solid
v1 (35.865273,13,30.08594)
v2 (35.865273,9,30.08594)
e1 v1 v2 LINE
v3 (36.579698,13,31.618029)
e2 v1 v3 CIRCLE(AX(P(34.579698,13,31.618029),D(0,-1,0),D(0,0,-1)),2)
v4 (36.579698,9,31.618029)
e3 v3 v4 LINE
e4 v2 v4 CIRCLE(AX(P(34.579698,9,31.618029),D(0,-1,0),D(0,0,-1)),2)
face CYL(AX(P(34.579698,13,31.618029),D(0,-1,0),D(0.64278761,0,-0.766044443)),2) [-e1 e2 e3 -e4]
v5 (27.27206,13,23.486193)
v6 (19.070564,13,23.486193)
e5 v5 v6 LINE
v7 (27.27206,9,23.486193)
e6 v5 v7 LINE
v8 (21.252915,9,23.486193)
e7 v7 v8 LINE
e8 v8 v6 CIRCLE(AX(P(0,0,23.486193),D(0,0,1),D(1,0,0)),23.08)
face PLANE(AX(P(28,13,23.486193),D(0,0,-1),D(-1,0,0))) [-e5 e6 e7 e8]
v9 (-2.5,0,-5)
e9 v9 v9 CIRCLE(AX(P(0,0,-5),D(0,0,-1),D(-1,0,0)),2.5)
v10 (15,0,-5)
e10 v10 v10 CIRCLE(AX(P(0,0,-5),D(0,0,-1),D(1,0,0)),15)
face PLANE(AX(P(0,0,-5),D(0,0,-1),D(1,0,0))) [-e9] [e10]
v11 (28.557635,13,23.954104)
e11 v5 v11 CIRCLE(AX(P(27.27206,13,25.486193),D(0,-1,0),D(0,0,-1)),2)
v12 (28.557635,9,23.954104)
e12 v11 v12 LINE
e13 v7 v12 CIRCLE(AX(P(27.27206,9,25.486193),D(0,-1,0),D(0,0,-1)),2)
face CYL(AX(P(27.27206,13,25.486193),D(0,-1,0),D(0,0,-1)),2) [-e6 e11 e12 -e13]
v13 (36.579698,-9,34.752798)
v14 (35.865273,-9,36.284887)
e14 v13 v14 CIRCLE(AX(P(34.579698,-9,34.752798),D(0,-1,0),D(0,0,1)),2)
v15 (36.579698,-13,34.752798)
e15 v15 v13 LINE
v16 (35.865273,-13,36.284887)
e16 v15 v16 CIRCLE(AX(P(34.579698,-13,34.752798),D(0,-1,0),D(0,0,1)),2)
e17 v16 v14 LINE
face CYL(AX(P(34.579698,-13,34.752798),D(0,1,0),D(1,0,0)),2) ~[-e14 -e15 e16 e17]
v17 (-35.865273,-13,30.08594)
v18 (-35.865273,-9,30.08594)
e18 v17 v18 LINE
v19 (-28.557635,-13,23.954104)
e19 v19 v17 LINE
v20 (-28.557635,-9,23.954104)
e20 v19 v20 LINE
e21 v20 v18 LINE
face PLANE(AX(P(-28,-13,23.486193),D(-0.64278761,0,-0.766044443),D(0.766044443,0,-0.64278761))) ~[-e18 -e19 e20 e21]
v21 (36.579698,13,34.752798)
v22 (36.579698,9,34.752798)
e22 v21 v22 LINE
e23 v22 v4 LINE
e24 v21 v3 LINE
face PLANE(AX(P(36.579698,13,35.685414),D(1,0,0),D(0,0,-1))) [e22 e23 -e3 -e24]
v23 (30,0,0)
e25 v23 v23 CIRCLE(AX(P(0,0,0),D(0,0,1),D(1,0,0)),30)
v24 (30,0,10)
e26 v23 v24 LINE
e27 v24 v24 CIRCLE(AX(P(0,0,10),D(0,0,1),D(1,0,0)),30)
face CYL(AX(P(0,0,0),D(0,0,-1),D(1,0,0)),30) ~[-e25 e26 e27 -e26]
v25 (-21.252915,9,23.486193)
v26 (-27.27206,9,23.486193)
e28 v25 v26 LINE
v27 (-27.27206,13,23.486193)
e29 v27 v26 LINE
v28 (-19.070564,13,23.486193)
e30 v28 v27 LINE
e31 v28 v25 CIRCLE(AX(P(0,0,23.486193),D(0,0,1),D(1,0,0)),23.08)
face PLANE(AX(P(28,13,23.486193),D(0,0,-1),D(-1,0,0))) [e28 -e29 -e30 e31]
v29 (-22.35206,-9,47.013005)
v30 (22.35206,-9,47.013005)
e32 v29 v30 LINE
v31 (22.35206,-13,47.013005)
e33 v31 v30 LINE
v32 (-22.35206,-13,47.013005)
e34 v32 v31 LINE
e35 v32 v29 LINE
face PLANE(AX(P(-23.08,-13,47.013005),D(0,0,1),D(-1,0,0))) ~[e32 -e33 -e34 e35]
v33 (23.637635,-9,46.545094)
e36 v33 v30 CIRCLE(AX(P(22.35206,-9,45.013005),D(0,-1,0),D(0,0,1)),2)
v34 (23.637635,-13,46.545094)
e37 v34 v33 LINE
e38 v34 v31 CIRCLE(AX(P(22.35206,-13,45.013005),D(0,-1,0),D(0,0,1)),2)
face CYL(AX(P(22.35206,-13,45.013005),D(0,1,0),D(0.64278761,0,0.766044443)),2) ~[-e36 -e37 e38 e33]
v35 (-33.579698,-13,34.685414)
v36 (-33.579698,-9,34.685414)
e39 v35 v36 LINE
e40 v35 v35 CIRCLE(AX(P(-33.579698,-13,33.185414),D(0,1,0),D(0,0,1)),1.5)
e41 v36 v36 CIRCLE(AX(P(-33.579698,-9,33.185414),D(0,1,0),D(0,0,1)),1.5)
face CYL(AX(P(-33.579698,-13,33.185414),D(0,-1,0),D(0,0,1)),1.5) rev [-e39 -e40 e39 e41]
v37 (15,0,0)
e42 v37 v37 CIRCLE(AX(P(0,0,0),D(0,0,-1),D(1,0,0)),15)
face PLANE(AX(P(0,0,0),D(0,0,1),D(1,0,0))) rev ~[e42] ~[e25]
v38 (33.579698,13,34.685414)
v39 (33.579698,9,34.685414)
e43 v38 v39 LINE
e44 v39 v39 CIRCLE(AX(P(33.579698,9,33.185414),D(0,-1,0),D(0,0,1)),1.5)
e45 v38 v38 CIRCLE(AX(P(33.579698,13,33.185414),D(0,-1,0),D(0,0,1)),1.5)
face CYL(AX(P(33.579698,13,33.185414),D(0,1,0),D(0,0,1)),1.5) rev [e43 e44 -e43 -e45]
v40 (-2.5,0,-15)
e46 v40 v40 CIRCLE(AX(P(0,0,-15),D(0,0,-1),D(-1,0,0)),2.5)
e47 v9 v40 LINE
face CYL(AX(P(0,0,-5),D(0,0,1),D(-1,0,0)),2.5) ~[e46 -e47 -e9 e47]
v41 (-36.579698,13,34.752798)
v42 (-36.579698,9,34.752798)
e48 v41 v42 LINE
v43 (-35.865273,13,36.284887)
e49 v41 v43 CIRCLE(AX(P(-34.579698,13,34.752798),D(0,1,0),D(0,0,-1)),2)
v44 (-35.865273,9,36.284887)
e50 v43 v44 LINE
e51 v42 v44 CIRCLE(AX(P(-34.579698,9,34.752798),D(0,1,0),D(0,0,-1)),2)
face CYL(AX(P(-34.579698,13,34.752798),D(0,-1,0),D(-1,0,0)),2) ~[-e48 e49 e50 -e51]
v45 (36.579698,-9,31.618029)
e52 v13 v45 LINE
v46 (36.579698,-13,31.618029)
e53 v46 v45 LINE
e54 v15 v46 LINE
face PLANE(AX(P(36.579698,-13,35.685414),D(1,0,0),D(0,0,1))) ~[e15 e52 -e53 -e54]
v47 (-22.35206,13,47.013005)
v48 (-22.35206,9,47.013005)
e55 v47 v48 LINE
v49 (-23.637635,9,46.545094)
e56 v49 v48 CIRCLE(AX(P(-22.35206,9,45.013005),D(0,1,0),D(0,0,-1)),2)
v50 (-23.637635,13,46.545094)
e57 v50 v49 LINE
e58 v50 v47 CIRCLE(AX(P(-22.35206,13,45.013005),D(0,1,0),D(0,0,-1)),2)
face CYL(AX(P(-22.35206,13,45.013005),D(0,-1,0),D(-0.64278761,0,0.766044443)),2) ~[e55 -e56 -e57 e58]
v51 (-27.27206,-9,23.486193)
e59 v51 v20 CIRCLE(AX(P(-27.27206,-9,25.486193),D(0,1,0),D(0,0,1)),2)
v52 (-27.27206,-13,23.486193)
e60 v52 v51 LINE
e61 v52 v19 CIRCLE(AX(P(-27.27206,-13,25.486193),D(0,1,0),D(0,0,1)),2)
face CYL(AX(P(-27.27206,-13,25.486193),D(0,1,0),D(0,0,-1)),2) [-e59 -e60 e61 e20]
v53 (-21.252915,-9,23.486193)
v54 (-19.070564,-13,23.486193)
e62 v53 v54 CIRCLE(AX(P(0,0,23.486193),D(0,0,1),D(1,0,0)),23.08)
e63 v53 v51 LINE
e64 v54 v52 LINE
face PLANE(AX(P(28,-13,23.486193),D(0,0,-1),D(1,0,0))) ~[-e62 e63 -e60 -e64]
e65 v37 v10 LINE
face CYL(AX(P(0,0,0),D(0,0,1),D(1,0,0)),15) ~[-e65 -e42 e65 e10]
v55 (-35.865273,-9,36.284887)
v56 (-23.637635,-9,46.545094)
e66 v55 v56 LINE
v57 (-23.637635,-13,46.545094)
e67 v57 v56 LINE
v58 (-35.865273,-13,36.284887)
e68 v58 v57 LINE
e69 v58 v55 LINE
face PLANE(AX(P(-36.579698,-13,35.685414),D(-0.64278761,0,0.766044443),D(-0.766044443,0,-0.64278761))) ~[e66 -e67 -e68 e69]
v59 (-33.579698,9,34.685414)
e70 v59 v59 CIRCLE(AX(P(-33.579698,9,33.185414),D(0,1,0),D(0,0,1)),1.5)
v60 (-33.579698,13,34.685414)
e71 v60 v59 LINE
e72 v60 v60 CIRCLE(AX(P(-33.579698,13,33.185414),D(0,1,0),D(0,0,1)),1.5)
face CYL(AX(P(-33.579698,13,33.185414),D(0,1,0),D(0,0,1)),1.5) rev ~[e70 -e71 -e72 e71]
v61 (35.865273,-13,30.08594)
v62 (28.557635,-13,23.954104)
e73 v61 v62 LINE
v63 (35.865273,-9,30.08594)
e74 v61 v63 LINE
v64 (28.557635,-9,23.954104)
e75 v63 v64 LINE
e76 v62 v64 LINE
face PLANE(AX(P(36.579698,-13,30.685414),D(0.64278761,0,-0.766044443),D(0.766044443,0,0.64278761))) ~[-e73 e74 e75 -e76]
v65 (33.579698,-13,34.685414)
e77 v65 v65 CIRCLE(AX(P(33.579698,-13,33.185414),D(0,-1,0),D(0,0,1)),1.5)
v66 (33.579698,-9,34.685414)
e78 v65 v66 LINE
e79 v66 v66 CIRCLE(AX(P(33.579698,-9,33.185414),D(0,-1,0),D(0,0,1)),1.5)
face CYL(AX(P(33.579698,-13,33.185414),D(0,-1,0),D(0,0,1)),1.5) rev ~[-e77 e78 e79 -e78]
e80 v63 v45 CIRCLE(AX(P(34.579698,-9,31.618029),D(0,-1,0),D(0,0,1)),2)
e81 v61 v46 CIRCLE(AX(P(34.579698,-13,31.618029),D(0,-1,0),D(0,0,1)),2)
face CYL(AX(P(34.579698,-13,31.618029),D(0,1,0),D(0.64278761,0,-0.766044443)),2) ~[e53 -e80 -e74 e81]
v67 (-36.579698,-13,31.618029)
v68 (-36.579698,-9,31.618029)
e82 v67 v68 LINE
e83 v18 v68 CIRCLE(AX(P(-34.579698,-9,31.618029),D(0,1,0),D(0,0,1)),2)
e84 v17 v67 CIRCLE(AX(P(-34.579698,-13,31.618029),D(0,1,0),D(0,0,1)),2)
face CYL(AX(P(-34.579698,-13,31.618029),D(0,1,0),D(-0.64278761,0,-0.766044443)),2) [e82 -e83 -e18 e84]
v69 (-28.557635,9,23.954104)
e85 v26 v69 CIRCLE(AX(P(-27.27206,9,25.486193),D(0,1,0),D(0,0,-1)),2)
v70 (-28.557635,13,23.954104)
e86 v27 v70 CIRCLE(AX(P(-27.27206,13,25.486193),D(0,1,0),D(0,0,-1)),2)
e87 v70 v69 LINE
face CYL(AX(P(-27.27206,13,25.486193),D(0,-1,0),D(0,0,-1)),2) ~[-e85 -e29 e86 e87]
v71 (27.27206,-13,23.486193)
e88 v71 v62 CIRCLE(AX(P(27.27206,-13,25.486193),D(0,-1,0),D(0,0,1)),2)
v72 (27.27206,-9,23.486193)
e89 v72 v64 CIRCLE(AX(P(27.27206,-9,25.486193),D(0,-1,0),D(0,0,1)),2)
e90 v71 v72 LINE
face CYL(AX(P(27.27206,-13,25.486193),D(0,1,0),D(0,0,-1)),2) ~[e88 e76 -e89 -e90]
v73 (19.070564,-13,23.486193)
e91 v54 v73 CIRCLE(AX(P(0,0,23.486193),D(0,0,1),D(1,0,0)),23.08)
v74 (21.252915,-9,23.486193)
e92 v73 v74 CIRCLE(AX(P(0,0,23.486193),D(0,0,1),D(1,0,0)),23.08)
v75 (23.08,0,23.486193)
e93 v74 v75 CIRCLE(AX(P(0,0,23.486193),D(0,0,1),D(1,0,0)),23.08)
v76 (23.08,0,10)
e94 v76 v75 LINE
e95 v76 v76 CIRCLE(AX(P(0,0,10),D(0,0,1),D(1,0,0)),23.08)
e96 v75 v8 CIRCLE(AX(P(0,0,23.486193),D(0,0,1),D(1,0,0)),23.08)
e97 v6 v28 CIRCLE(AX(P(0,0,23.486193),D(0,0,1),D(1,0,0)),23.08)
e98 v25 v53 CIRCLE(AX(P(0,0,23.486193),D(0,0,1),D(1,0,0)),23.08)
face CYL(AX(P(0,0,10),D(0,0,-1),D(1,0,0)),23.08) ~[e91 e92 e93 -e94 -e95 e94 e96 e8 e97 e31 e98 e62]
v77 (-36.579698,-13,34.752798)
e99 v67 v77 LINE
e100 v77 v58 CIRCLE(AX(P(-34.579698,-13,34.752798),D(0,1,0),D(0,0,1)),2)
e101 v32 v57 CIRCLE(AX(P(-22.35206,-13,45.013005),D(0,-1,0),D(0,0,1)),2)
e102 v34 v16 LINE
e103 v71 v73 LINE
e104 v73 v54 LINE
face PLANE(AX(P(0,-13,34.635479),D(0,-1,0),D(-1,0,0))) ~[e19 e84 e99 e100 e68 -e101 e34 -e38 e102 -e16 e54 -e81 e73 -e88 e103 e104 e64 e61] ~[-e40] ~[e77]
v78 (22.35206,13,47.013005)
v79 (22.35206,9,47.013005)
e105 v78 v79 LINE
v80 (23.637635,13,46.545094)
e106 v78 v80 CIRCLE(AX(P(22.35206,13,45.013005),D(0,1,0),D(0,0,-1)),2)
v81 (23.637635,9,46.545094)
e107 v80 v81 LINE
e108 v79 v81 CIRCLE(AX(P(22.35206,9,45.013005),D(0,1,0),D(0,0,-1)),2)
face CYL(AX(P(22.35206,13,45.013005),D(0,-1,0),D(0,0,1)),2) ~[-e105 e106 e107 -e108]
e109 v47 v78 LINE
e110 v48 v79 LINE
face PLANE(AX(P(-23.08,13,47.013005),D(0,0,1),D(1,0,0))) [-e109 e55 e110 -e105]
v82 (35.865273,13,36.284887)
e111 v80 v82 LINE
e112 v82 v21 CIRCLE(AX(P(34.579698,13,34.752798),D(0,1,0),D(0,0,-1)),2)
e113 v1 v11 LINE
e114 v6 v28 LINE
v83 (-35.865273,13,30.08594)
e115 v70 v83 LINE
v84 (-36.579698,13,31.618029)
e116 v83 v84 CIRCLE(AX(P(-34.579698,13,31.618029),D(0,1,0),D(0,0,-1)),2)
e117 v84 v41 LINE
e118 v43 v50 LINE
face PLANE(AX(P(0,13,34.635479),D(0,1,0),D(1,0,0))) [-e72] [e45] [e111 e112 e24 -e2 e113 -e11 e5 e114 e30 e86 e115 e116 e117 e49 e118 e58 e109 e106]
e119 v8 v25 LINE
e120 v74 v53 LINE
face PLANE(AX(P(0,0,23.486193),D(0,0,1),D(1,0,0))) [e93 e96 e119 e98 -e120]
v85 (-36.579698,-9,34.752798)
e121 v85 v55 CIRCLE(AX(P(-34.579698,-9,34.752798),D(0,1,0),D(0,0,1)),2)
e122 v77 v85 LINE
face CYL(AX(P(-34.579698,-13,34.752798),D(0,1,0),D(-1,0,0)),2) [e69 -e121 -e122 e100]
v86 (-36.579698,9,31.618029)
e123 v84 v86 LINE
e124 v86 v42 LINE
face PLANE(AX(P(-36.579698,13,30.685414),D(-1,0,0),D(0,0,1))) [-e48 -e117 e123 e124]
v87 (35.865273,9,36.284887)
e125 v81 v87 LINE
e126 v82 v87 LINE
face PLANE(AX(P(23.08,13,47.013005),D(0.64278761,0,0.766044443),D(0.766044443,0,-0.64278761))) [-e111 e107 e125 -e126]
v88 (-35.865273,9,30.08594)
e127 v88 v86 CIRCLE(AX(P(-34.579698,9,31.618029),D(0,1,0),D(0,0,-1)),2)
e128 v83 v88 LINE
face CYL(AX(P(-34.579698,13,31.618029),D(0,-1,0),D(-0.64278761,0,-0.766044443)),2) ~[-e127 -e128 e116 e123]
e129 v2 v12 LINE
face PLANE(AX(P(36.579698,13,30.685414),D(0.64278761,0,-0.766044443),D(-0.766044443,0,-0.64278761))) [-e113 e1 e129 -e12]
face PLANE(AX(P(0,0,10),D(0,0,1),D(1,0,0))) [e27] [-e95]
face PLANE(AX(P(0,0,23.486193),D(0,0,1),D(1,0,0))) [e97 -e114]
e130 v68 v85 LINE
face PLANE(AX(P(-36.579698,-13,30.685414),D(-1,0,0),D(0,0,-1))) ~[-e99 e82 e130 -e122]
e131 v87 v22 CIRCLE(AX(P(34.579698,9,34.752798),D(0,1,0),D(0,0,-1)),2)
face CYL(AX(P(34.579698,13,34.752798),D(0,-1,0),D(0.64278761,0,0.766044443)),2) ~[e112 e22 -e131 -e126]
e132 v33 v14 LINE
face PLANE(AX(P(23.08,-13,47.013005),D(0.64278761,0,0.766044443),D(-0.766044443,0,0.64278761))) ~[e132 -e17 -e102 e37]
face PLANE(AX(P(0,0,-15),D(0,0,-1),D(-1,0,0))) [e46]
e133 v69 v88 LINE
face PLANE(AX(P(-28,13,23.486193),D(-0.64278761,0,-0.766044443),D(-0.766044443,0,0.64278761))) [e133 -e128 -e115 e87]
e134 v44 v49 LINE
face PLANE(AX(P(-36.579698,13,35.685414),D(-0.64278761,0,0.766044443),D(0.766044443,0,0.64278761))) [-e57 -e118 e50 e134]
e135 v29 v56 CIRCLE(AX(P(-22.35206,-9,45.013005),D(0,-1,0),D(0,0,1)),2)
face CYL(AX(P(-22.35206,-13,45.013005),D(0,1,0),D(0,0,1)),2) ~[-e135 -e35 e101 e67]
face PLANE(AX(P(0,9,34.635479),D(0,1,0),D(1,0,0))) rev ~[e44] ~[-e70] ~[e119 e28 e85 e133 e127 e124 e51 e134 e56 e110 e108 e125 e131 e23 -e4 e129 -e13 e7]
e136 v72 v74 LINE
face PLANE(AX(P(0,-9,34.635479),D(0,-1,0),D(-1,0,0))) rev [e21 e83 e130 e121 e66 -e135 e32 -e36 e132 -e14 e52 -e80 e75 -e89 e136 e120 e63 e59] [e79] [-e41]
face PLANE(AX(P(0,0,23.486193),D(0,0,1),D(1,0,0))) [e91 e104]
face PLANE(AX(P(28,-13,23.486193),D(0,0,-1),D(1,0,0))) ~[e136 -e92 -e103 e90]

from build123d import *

# Parameters (mm, degrees)
SKETCH1_R               = 30
BOSS_EXTRUDE1_DEPTH     = 10
SKETCH2_R               = 23.08
BOSS_EXTRUDE2_DEPTH     = 13.486192569
BOSS_EXTRUDE3_DEPTH     = 4
FILLET1_R               = 2
SKETCH5_R               = 1.5
CUT_EXTRUDE1_DEPTH      = 4
MIRROR2_COPY_1_SKETCH_R = 1.5
MIRROR2_COPY_1_DEPTH    = 4
FILLET1_OF_MIRROR2_R    = 2
SKETCH8_R               = 15
BOSS_EXTRUDE4_DEPTH     = 5
SKETCH13_R              = 2.5
BOSS_EXTRUDE6_DEPTH     = 10


with BuildPart() as part:
    # Sketch1 → Boss-Extrude1 (new body)
    with BuildSketch(Plane.XY):
        Circle(SKETCH1_R)
    extrude(amount=BOSS_EXTRUDE1_DEPTH)

    # Sketch2 → Boss-Extrude2 (add)
    with BuildSketch(Plane.XY.offset(10)):
        Circle(SKETCH2_R)
    extrude(amount=BOSS_EXTRUDE2_DEPTH)

    # Sketch4 → Boss-Extrude3 (add)
    with BuildSketch(Plane(origin=(0, 13, 0), x_dir=(1, 0, 0), z_dir=(0, 1, 0))):
        Polygon((28, -23.486192569), (-28, -23.486192569), (-36.579697763, -30.685413797), (-36.579697763, -35.685413797), (-23.08, -47.013005211), (23.08, -47.013005211), (36.579697763, -35.685413797), (36.579697763, -30.685413797), align=None)
    boss_extrude3 = extrude(amount=-BOSS_EXTRUDE3_DEPTH)

    # Fillet1
    fillet1_edges = [part.edges().sort_by_distance(p)[0] for p in [
        (-36.579697763, 11, 30.685413797),
        (-28, 11, 23.486192569),
        (28, 11, 23.486192569),
        (36.579697763, 11, 30.685413797),
        (36.579697763, 11, 35.685413797),
        (23.08, 11, 47.013005211),
        (-23.08, 11, 47.013005211),
        (-36.579697763, 11, 35.685413797),
    ]]
    fillet(fillet1_edges, radius=FILLET1_R)

    # Sketch5 → Cut-Extrude1 (cut)
    with BuildSketch(Plane(origin=(0, 13, 0), x_dir=(1, 0, 0), z_dir=(0, 1, 0))):
        with Locations(Location((-33.579697763, -33.185413797, 0), (0, 0, 270))):
            Circle(SKETCH5_R)
    cut_extrude1 = extrude(amount=-CUT_EXTRUDE1_DEPTH, mode=Mode.SUBTRACT)

    # Mirror1: Cut-Extrude1 across plane
    add(cut_extrude1.mirror(Plane(origin=(0, 0, 0), x_dir=(0, 0, 1), z_dir=(1, 0, 0))), mode=Mode.SUBTRACT)

    # Mirror2: Boss-Extrude3, Cut-Extrude1 across plane
    add(boss_extrude3.mirror(Plane.ZX))
    add(cut_extrude1.mirror(Plane.ZX), mode=Mode.SUBTRACT)

    # Mirror2 copy 1 sketch → Mirror2 copy 1 (cut)
    with BuildSketch(Plane(origin=(0, -13, 0), x_dir=(-1, 0, 0), z_dir=(0, -1, 0))):
        with Locations(Location((-33.579697763, -33.185413797, 0), (0, 0, 270))):
            Circle(MIRROR2_COPY_1_SKETCH_R)
    extrude(amount=-MIRROR2_COPY_1_DEPTH, mode=Mode.SUBTRACT)

    # Fillet1 of Mirror2
    fillet1_of_mirror2_edges = [part.edges().sort_by_distance(p)[0] for p in [
        (-36.579697763, -11, 30.685413797),
        (-28, -11, 23.486192569),
        (28, -11, 23.486192569),
        (36.579697763, -11, 30.685413797),
        (36.579697763, -11, 35.685413797),
        (23.08, -11, 47.013005211),
        (-23.08, -11, 47.013005211),
        (-36.579697763, -11, 35.685413797),
    ]]
    fillet(fillet1_of_mirror2_edges, radius=FILLET1_OF_MIRROR2_R)

    # Sketch8 → Boss-Extrude4 (add)
    with BuildSketch(Plane(origin=(0, 0, 0), x_dir=(-1, 0, 0), z_dir=(0, 0, -1))):
        with Locations(Location((0, 0, 0), (0, 0, 180))):
            Circle(SKETCH8_R)
    extrude(amount=BOSS_EXTRUDE4_DEPTH)

    # Sketch13 → Boss-Extrude6 (add)
    with BuildSketch(Plane(origin=(0, 0, -5), x_dir=(-1, 0, 0), z_dir=(0, 0, -1))):
        Circle(SKETCH13_R)
    extrude(amount=BOSS_EXTRUDE6_DEPTH)


solid = part.part
